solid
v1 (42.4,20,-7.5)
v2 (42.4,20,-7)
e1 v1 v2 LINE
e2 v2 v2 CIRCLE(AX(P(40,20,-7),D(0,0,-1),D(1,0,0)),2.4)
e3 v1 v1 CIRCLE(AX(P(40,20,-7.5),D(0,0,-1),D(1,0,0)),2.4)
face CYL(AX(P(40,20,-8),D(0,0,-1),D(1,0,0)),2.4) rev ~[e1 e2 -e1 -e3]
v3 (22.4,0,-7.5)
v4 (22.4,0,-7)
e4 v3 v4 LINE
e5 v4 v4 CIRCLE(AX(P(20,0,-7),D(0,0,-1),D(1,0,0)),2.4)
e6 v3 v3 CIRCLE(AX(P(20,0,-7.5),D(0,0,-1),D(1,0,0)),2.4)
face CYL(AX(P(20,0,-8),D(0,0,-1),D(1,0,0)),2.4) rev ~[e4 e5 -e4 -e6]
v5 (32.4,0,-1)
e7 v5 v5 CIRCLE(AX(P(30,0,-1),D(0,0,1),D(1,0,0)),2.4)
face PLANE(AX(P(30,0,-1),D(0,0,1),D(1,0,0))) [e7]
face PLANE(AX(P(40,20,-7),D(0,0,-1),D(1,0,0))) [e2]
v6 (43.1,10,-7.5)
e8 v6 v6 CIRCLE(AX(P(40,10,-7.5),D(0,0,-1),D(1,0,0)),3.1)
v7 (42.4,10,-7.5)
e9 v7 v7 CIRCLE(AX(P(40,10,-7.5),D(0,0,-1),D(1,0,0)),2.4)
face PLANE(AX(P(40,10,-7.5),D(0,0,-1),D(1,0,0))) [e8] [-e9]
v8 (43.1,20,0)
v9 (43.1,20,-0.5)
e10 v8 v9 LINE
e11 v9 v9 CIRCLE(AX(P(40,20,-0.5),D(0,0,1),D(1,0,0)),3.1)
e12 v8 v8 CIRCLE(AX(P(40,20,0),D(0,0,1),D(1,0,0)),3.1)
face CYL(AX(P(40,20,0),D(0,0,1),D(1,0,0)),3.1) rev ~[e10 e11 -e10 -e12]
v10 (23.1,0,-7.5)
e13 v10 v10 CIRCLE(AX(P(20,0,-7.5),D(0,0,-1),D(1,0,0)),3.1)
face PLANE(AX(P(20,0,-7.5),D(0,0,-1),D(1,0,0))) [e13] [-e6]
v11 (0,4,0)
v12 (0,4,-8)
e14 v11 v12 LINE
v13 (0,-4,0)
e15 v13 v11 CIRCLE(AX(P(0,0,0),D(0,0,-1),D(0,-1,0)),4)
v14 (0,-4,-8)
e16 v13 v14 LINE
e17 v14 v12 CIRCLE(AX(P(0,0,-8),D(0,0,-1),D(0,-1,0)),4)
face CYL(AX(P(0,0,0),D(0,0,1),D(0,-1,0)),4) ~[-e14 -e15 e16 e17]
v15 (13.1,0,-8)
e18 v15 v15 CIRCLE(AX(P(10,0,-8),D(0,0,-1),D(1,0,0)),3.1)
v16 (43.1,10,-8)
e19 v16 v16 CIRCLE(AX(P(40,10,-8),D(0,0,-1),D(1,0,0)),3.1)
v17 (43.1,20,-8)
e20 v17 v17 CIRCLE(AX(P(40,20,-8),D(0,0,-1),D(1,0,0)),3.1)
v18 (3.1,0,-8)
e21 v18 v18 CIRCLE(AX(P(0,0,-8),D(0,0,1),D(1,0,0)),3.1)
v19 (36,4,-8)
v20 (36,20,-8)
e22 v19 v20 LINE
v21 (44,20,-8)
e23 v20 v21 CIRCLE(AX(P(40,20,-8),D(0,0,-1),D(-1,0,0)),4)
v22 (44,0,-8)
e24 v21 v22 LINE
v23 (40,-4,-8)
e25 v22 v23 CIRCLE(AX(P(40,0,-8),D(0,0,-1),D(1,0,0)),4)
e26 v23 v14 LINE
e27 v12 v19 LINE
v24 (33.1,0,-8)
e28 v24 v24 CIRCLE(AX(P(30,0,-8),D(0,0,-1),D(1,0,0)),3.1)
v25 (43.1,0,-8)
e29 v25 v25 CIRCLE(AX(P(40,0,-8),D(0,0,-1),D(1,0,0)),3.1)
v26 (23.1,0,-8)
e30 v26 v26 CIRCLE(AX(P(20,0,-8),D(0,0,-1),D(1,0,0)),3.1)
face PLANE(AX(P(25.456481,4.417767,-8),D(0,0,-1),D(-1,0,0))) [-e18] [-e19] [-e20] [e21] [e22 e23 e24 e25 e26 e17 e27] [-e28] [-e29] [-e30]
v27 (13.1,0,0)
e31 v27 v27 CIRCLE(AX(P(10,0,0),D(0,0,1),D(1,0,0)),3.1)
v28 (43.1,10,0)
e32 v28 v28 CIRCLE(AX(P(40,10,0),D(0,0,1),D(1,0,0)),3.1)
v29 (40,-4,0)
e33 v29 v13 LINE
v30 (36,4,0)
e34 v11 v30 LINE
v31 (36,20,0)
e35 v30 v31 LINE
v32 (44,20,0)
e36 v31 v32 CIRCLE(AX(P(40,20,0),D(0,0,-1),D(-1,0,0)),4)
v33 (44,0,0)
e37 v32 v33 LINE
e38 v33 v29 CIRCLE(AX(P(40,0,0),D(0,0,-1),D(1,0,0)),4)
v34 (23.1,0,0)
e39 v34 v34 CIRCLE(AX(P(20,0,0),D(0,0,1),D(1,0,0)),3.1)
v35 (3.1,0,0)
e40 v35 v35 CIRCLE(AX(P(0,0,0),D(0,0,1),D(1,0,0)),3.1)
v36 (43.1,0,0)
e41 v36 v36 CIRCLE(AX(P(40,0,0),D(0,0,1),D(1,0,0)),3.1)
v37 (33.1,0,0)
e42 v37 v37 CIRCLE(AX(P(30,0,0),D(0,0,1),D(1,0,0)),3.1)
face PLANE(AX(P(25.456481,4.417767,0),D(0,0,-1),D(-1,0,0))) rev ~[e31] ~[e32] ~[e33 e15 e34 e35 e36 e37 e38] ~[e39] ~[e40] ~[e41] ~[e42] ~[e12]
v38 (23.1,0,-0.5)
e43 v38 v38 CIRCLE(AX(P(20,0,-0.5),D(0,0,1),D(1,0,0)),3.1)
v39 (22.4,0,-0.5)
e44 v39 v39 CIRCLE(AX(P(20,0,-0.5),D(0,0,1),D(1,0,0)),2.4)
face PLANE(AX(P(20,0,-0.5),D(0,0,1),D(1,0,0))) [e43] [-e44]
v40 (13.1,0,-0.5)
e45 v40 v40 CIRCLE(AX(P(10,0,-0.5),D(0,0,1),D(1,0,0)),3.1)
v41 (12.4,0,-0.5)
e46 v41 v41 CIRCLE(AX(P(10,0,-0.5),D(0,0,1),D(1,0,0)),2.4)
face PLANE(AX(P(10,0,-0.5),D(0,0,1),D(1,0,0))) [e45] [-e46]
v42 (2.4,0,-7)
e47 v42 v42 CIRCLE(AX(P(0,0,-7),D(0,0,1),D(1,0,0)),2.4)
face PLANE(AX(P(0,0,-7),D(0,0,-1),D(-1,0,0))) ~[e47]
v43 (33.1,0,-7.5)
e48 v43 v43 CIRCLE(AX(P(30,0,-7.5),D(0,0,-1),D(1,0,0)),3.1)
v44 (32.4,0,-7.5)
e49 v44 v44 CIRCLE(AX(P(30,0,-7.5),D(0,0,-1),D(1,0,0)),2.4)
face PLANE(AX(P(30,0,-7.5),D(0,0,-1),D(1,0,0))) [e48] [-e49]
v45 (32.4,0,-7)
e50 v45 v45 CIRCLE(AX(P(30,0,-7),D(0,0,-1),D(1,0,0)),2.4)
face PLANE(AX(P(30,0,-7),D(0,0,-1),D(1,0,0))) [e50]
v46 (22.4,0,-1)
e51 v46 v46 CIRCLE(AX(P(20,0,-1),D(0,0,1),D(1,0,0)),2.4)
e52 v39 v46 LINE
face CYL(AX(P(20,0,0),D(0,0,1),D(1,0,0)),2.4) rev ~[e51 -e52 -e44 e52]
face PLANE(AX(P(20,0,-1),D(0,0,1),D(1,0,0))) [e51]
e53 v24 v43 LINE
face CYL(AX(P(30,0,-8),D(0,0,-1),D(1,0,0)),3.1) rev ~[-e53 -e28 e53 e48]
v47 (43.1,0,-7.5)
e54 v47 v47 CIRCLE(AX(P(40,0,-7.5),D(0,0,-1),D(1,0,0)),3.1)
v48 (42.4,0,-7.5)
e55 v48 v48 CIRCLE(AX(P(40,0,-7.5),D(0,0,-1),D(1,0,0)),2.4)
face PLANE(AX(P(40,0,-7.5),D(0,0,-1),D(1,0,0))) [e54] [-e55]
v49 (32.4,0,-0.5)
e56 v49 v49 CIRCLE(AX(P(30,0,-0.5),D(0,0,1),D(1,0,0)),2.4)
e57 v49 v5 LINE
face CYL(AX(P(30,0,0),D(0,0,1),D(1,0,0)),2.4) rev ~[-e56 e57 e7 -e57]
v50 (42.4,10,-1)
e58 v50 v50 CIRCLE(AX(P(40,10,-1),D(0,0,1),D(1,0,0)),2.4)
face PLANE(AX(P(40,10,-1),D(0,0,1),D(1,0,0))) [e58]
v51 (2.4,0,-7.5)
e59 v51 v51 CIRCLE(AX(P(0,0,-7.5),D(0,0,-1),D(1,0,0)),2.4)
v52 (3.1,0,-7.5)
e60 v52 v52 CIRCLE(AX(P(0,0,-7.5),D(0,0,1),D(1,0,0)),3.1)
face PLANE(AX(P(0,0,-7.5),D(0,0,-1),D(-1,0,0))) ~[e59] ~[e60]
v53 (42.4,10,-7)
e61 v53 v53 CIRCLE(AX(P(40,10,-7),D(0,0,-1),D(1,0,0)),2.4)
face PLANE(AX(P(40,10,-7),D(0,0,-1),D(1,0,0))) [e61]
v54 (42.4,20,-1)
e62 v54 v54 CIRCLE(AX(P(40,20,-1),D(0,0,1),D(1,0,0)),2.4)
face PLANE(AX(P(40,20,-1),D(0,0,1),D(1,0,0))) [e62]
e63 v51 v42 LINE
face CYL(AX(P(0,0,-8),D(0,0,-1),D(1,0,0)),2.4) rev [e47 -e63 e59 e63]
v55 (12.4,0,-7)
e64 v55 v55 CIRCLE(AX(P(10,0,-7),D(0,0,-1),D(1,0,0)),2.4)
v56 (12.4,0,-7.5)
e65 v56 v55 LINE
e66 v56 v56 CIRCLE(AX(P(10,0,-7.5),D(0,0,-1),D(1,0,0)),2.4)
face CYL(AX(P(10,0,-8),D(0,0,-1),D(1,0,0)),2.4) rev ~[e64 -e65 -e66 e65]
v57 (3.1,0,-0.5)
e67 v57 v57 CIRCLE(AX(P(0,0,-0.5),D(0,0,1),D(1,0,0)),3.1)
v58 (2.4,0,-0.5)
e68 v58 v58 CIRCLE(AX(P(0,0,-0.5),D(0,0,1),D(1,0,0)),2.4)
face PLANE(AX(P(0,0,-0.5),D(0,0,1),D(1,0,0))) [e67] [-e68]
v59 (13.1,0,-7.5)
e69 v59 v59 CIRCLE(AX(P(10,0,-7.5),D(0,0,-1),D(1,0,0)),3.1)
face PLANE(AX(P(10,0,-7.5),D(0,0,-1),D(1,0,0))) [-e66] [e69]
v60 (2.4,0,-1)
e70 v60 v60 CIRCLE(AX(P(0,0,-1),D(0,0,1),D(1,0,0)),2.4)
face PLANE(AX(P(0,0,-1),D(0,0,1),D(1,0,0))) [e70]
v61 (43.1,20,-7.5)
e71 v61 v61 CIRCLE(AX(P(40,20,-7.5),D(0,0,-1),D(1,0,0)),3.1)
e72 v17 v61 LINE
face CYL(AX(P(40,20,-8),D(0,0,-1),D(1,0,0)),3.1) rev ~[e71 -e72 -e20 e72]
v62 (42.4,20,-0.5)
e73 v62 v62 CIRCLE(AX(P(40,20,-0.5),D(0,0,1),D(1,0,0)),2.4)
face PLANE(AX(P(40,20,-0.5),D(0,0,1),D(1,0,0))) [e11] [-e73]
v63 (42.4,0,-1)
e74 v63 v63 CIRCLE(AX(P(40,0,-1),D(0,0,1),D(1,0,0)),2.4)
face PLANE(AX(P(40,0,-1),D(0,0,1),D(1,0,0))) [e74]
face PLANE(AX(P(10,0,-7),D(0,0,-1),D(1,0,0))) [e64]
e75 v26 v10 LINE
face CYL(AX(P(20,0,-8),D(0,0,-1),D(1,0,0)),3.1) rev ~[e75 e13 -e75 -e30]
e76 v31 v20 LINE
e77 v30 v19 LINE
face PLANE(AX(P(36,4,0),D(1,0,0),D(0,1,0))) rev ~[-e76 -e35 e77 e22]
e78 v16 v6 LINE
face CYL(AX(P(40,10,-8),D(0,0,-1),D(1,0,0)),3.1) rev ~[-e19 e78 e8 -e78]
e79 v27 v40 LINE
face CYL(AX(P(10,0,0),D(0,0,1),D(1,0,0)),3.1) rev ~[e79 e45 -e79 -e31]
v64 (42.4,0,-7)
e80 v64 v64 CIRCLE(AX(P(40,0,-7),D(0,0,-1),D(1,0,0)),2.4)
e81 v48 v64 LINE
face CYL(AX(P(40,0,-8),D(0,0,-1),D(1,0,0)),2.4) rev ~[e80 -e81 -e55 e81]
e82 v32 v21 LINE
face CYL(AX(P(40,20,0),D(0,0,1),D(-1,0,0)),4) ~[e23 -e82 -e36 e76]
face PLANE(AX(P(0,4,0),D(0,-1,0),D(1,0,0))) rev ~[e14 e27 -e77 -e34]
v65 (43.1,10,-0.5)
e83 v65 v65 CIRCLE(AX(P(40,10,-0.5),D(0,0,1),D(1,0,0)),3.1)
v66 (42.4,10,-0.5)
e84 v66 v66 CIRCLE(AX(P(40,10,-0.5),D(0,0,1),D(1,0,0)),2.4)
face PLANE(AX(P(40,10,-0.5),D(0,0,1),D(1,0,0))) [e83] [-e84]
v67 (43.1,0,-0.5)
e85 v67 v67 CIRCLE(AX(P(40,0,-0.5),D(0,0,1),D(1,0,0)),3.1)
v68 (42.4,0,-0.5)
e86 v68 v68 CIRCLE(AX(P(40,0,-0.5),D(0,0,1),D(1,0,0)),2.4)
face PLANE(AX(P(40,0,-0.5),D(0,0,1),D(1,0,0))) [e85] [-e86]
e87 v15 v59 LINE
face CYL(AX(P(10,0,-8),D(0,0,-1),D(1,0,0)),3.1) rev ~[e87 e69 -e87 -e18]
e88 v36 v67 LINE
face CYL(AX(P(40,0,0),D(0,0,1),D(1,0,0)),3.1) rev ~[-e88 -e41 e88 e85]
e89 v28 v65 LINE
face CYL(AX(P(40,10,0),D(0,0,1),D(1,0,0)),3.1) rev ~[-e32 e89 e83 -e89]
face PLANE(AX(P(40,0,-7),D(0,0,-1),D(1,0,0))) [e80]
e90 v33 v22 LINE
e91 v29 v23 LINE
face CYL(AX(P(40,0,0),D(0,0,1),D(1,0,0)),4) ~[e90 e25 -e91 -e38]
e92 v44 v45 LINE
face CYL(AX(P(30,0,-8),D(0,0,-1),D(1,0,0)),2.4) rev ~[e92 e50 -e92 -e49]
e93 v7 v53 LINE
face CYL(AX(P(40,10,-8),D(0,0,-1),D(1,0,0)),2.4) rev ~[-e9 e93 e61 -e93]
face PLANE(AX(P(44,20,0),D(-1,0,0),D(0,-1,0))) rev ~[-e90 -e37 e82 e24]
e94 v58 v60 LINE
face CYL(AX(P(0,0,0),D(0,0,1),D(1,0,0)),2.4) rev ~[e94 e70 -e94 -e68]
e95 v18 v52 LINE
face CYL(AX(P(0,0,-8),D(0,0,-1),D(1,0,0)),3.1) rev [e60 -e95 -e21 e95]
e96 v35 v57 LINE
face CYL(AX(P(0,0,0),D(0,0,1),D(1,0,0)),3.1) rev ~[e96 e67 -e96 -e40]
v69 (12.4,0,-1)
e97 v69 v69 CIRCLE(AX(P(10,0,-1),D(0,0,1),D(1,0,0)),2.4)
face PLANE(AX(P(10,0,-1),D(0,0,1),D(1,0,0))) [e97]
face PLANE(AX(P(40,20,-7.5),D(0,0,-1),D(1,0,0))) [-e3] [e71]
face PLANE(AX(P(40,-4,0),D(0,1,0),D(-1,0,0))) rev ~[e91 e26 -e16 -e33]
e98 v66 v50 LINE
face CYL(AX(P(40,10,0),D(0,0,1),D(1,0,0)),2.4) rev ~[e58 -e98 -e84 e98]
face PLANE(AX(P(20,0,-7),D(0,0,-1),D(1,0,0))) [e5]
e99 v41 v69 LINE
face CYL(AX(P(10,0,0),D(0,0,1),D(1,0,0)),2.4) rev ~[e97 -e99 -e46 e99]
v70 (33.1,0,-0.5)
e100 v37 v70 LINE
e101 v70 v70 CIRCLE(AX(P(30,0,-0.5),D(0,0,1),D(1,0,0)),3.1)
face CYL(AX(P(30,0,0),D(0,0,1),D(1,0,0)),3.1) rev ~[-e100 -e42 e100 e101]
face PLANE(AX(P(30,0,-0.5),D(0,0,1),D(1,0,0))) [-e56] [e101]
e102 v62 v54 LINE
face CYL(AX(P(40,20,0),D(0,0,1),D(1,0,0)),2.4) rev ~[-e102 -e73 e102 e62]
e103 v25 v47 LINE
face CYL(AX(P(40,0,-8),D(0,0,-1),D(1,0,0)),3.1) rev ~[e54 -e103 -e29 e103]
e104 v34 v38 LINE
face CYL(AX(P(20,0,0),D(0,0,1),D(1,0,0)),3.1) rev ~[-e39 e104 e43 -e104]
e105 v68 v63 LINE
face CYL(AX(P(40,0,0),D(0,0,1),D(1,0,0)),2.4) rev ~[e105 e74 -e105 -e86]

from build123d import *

# Parameters (mm, degrees)
BOSS_EXTRUDE1_DEPTH      = 8
SKETCH2_R                = 2.4
CUT_EXTRUDE1_DEPTH       = 1
SKETCH3_R                = 3.1
CUT_EXTRUDE2_DEPTH       = 0.5
LPATTERN1_COUNT          = 5
LPATTERN1_PITCH          = 10
LPATTERN1_COUNT_DIR2     = 3
LPATTERN1_PITCH_DIR2     = 10
MIRROR1_COPY_1_SKETCH_R  = 2.4
MIRROR1_COPY_1_DEPTH     = 1
MIRROR1_COPY_2_SKETCH_R  = 2.4
MIRROR1_COPY_2_DEPTH     = 1
MIRROR1_COPY_3_SKETCH_R  = 2.4
MIRROR1_COPY_3_DEPTH     = 1
MIRROR1_COPY_4_SKETCH_R  = 2.4
MIRROR1_COPY_4_DEPTH     = 1
MIRROR1_COPY_5_SKETCH_R  = 2.4
MIRROR1_COPY_5_DEPTH     = 1
MIRROR1_COPY_6_SKETCH_R  = 2.4
MIRROR1_COPY_6_DEPTH     = 1
MIRROR1_COPY_7_SKETCH_R  = 2.4
MIRROR1_COPY_7_DEPTH     = 1
MIRROR1_COPY_8_SKETCH_R  = 2.4
MIRROR1_COPY_8_DEPTH     = 1
MIRROR1_COPY_9_SKETCH_R  = 2.4
MIRROR1_COPY_9_DEPTH     = 1
MIRROR1_COPY_10_SKETCH_R = 2.4
MIRROR1_COPY_10_DEPTH    = 1
MIRROR1_COPY_11_SKETCH_R = 2.4
MIRROR1_COPY_11_DEPTH    = 1
MIRROR1_COPY_12_SKETCH_R = 2.4
MIRROR1_COPY_12_DEPTH    = 1
MIRROR1_COPY_13_SKETCH_R = 2.4
MIRROR1_COPY_13_DEPTH    = 1
MIRROR1_COPY_14_SKETCH_R = 2.4
MIRROR1_COPY_14_DEPTH    = 1
MIRROR1_COPY_15_SKETCH_R = 3.1
MIRROR1_COPY_15_DEPTH    = 0.5
MIRROR1_COPY_16_SKETCH_R = 3.1
MIRROR1_COPY_16_DEPTH    = 0.5
MIRROR1_COPY_17_SKETCH_R = 3.1
MIRROR1_COPY_17_DEPTH    = 0.5
MIRROR1_COPY_18_SKETCH_R = 3.1
MIRROR1_COPY_18_DEPTH    = 0.5
MIRROR1_COPY_19_SKETCH_R = 3.1
MIRROR1_COPY_19_DEPTH    = 0.5
MIRROR1_COPY_20_SKETCH_R = 3.1
MIRROR1_COPY_20_DEPTH    = 0.5
MIRROR1_COPY_21_SKETCH_R = 3.1
MIRROR1_COPY_21_DEPTH    = 0.5
MIRROR1_COPY_22_SKETCH_R = 3.1
MIRROR1_COPY_22_DEPTH    = 0.5
MIRROR1_COPY_23_SKETCH_R = 3.1
MIRROR1_COPY_23_DEPTH    = 0.5
MIRROR1_COPY_24_SKETCH_R = 3.1
MIRROR1_COPY_24_DEPTH    = 0.5
MIRROR1_COPY_25_SKETCH_R = 3.1
MIRROR1_COPY_25_DEPTH    = 0.5
MIRROR1_COPY_26_SKETCH_R = 3.1
MIRROR1_COPY_26_DEPTH    = 0.5
MIRROR1_COPY_27_SKETCH_R = 3.1
MIRROR1_COPY_27_DEPTH    = 0.5
MIRROR1_COPY_28_SKETCH_R = 3.1
MIRROR1_COPY_28_DEPTH    = 0.5


with BuildPart() as part:
    # Sketch1 → Boss-Extrude1 (new body)
    with BuildSketch(Plane.XY):
        with BuildLine():
            Line((0, 4), (36, 4))
            Line((36, 4), (36, 20))
            ThreePointArc((36, 20), (40, 24), (44, 20))
            Line((44, 20), (44, 0))
            ThreePointArc((44, 0), (42.828427125, -2.828427125), (40, -4))
            Line((40, -4), (0, -4))
            ThreePointArc((0, -4), (-4, 0), (0, 4))
        make_face()
    extrude(amount=-BOSS_EXTRUDE1_DEPTH)

    # Sketch2 → Cut-Extrude1 (cut)
    with BuildSketch(Plane.XY):
        Circle(SKETCH2_R)
    cut_extrude1 = extrude(amount=-CUT_EXTRUDE1_DEPTH, mode=Mode.SUBTRACT)

    # Sketch3 → Cut-Extrude2 (cut)
    with BuildSketch(Plane.XY):
        Circle(SKETCH3_R)
    cut_extrude2 = extrude(amount=-CUT_EXTRUDE2_DEPTH, mode=Mode.SUBTRACT)

    # LPattern1: Cut-Extrude1, Cut-Extrude2 5 × 3
    with Locations(*[(i * LPATTERN1_PITCH, j * LPATTERN1_PITCH_DIR2, 0) for i in range(LPATTERN1_COUNT) for j in range(LPATTERN1_COUNT_DIR2) if (i, j) != (0, 0)]):
        add(cut_extrude1, mode=Mode.SUBTRACT)
        add(cut_extrude2, mode=Mode.SUBTRACT)

    # Mirror1: Cut-Extrude1, Cut-Extrude2 across plane
    add(cut_extrude1.mirror(Plane.XY.offset(-4)), mode=Mode.SUBTRACT)
    add(cut_extrude2.mirror(Plane.XY.offset(-4)), mode=Mode.SUBTRACT)

    # Mirror1 copy 1 sketch → Mirror1 copy 1 (cut)
    with BuildSketch(Plane(origin=(0, 10, -8), x_dir=(1, 0, 0), z_dir=(0, 0, -1))):
        Circle(MIRROR1_COPY_1_SKETCH_R)
    extrude(amount=-MIRROR1_COPY_1_DEPTH, mode=Mode.SUBTRACT)

    # Mirror1 copy 2 sketch → Mirror1 copy 2 (cut)
    with BuildSketch(Plane(origin=(0, 20, -8), x_dir=(1, 0, 0), z_dir=(0, 0, -1))):
        Circle(MIRROR1_COPY_2_SKETCH_R)
    extrude(amount=-MIRROR1_COPY_2_DEPTH, mode=Mode.SUBTRACT)

    # Mirror1 copy 3 sketch → Mirror1 copy 3 (cut)
    with BuildSketch(Plane(origin=(10, 0, -8), x_dir=(1, 0, 0), z_dir=(0, 0, -1))):
        Circle(MIRROR1_COPY_3_SKETCH_R)
    extrude(amount=-MIRROR1_COPY_3_DEPTH, mode=Mode.SUBTRACT)

    # Mirror1 copy 4 sketch → Mirror1 copy 4 (cut)
    with BuildSketch(Plane(origin=(10, 10, -8), x_dir=(1, 0, 0), z_dir=(0, 0, -1))):
        Circle(MIRROR1_COPY_4_SKETCH_R)
    extrude(amount=-MIRROR1_COPY_4_DEPTH, mode=Mode.SUBTRACT)

    # Mirror1 copy 5 sketch → Mirror1 copy 5 (cut)
    with BuildSketch(Plane(origin=(10, 20, -8), x_dir=(1, 0, 0), z_dir=(0, 0, -1))):
        Circle(MIRROR1_COPY_5_SKETCH_R)
    extrude(amount=-MIRROR1_COPY_5_DEPTH, mode=Mode.SUBTRACT)

    # Mirror1 copy 6 sketch → Mirror1 copy 6 (cut)
    with BuildSketch(Plane(origin=(20, 0, -8), x_dir=(1, 0, 0), z_dir=(0, 0, -1))):
        Circle(MIRROR1_COPY_6_SKETCH_R)
    extrude(amount=-MIRROR1_COPY_6_DEPTH, mode=Mode.SUBTRACT)

    # Mirror1 copy 7 sketch → Mirror1 copy 7 (cut)
    with BuildSketch(Plane(origin=(20, 10, -8), x_dir=(1, 0, 0), z_dir=(0, 0, -1))):
        Circle(MIRROR1_COPY_7_SKETCH_R)
    extrude(amount=-MIRROR1_COPY_7_DEPTH, mode=Mode.SUBTRACT)

    # Mirror1 copy 8 sketch → Mirror1 copy 8 (cut)
    with BuildSketch(Plane(origin=(20, 20, -8), x_dir=(1, 0, 0), z_dir=(0, 0, -1))):
        Circle(MIRROR1_COPY_8_SKETCH_R)
    extrude(amount=-MIRROR1_COPY_8_DEPTH, mode=Mode.SUBTRACT)

    # Mirror1 copy 9 sketch → Mirror1 copy 9 (cut)
    with BuildSketch(Plane(origin=(30, 0, -8), x_dir=(1, 0, 0), z_dir=(0, 0, -1))):
        Circle(MIRROR1_COPY_9_SKETCH_R)
    extrude(amount=-MIRROR1_COPY_9_DEPTH, mode=Mode.SUBTRACT)

    # Mirror1 copy 10 sketch → Mirror1 copy 10 (cut)
    with BuildSketch(Plane(origin=(30, 10, -8), x_dir=(1, 0, 0), z_dir=(0, 0, -1))):
        Circle(MIRROR1_COPY_10_SKETCH_R)
    extrude(amount=-MIRROR1_COPY_10_DEPTH, mode=Mode.SUBTRACT)

    # Mirror1 copy 11 sketch → Mirror1 copy 11 (cut)
    with BuildSketch(Plane(origin=(30, 20, -8), x_dir=(1, 0, 0), z_dir=(0, 0, -1))):
        Circle(MIRROR1_COPY_11_SKETCH_R)
    extrude(amount=-MIRROR1_COPY_11_DEPTH, mode=Mode.SUBTRACT)

    # Mirror1 copy 12 sketch → Mirror1 copy 12 (cut)
    with BuildSketch(Plane(origin=(40, 0, -8), x_dir=(1, 0, 0), z_dir=(0, 0, -1))):
        Circle(MIRROR1_COPY_12_SKETCH_R)
    extrude(amount=-MIRROR1_COPY_12_DEPTH, mode=Mode.SUBTRACT)

    # Mirror1 copy 13 sketch → Mirror1 copy 13 (cut)
    with BuildSketch(Plane(origin=(40, 10, -8), x_dir=(1, 0, 0), z_dir=(0, 0, -1))):
        Circle(MIRROR1_COPY_13_SKETCH_R)
    extrude(amount=-MIRROR1_COPY_13_DEPTH, mode=Mode.SUBTRACT)

    # Mirror1 copy 14 sketch → Mirror1 copy 14 (cut)
    with BuildSketch(Plane(origin=(40, 20, -8), x_dir=(1, 0, 0), z_dir=(0, 0, -1))):
        Circle(MIRROR1_COPY_14_SKETCH_R)
    extrude(amount=-MIRROR1_COPY_14_DEPTH, mode=Mode.SUBTRACT)

    # Mirror1 copy 15 sketch → Mirror1 copy 15 (cut)
    with BuildSketch(Plane(origin=(0, 10, -8), x_dir=(1, 0, 0), z_dir=(0, 0, -1))):
        Circle(MIRROR1_COPY_15_SKETCH_R)
    extrude(amount=-MIRROR1_COPY_15_DEPTH, mode=Mode.SUBTRACT)

    # Mirror1 copy 16 sketch → Mirror1 copy 16 (cut)
    with BuildSketch(Plane(origin=(0, 20, -8), x_dir=(1, 0, 0), z_dir=(0, 0, -1))):
        Circle(MIRROR1_COPY_16_SKETCH_R)
    extrude(amount=-MIRROR1_COPY_16_DEPTH, mode=Mode.SUBTRACT)

    # Mirror1 copy 17 sketch → Mirror1 copy 17 (cut)
    with BuildSketch(Plane(origin=(10, 0, -8), x_dir=(1, 0, 0), z_dir=(0, 0, -1))):
        Circle(MIRROR1_COPY_17_SKETCH_R)
    extrude(amount=-MIRROR1_COPY_17_DEPTH, mode=Mode.SUBTRACT)

    # Mirror1 copy 18 sketch → Mirror1 copy 18 (cut)
    with BuildSketch(Plane(origin=(10, 10, -8), x_dir=(1, 0, 0), z_dir=(0, 0, -1))):
        Circle(MIRROR1_COPY_18_SKETCH_R)
    extrude(amount=-MIRROR1_COPY_18_DEPTH, mode=Mode.SUBTRACT)

    # Mirror1 copy 19 sketch → Mirror1 copy 19 (cut)
    with BuildSketch(Plane(origin=(10, 20, -8), x_dir=(1, 0, 0), z_dir=(0, 0, -1))):
        Circle(MIRROR1_COPY_19_SKETCH_R)
    extrude(amount=-MIRROR1_COPY_19_DEPTH, mode=Mode.SUBTRACT)

    # Mirror1 copy 20 sketch → Mirror1 copy 20 (cut)
    with BuildSketch(Plane(origin=(20, 0, -8), x_dir=(1, 0, 0), z_dir=(0, 0, -1))):
        Circle(MIRROR1_COPY_20_SKETCH_R)
    extrude(amount=-MIRROR1_COPY_20_DEPTH, mode=Mode.SUBTRACT)

    # Mirror1 copy 21 sketch → Mirror1 copy 21 (cut)
    with BuildSketch(Plane(origin=(20, 10, -8), x_dir=(1, 0, 0), z_dir=(0, 0, -1))):
        Circle(MIRROR1_COPY_21_SKETCH_R)
    extrude(amount=-MIRROR1_COPY_21_DEPTH, mode=Mode.SUBTRACT)

    # Mirror1 copy 22 sketch → Mirror1 copy 22 (cut)
    with BuildSketch(Plane(origin=(20, 20, -8), x_dir=(1, 0, 0), z_dir=(0, 0, -1))):
        Circle(MIRROR1_COPY_22_SKETCH_R)
    extrude(amount=-MIRROR1_COPY_22_DEPTH, mode=Mode.SUBTRACT)

    # Mirror1 copy 23 sketch → Mirror1 copy 23 (cut)
    with BuildSketch(Plane(origin=(30, 0, -8), x_dir=(1, 0, 0), z_dir=(0, 0, -1))):
        Circle(MIRROR1_COPY_23_SKETCH_R)
    extrude(amount=-MIRROR1_COPY_23_DEPTH, mode=Mode.SUBTRACT)

    # Mirror1 copy 24 sketch → Mirror1 copy 24 (cut)
    with BuildSketch(Plane(origin=(30, 10, -8), x_dir=(1, 0, 0), z_dir=(0, 0, -1))):
        Circle(MIRROR1_COPY_24_SKETCH_R)
    extrude(amount=-MIRROR1_COPY_24_DEPTH, mode=Mode.SUBTRACT)

    # Mirror1 copy 25 sketch → Mirror1 copy 25 (cut)
    with BuildSketch(Plane(origin=(30, 20, -8), x_dir=(1, 0, 0), z_dir=(0, 0, -1))):
        Circle(MIRROR1_COPY_25_SKETCH_R)
    extrude(amount=-MIRROR1_COPY_25_DEPTH, mode=Mode.SUBTRACT)

    # Mirror1 copy 26 sketch → Mirror1 copy 26 (cut)
    with BuildSketch(Plane(origin=(40, 0, -8), x_dir=(1, 0, 0), z_dir=(0, 0, -1))):
        Circle(MIRROR1_COPY_26_SKETCH_R)
    extrude(amount=-MIRROR1_COPY_26_DEPTH, mode=Mode.SUBTRACT)

    # Mirror1 copy 27 sketch → Mirror1 copy 27 (cut)
    with BuildSketch(Plane(origin=(40, 10, -8), x_dir=(1, 0, 0), z_dir=(0, 0, -1))):
        Circle(MIRROR1_COPY_27_SKETCH_R)
    extrude(amount=-MIRROR1_COPY_27_DEPTH, mode=Mode.SUBTRACT)

    # Mirror1 copy 28 sketch → Mirror1 copy 28 (cut)
    with BuildSketch(Plane(origin=(40, 20, -8), x_dir=(1, 0, 0), z_dir=(0, 0, -1))):
        Circle(MIRROR1_COPY_28_SKETCH_R)
    extrude(amount=-MIRROR1_COPY_28_DEPTH, mode=Mode.SUBTRACT)


solid = part.part
